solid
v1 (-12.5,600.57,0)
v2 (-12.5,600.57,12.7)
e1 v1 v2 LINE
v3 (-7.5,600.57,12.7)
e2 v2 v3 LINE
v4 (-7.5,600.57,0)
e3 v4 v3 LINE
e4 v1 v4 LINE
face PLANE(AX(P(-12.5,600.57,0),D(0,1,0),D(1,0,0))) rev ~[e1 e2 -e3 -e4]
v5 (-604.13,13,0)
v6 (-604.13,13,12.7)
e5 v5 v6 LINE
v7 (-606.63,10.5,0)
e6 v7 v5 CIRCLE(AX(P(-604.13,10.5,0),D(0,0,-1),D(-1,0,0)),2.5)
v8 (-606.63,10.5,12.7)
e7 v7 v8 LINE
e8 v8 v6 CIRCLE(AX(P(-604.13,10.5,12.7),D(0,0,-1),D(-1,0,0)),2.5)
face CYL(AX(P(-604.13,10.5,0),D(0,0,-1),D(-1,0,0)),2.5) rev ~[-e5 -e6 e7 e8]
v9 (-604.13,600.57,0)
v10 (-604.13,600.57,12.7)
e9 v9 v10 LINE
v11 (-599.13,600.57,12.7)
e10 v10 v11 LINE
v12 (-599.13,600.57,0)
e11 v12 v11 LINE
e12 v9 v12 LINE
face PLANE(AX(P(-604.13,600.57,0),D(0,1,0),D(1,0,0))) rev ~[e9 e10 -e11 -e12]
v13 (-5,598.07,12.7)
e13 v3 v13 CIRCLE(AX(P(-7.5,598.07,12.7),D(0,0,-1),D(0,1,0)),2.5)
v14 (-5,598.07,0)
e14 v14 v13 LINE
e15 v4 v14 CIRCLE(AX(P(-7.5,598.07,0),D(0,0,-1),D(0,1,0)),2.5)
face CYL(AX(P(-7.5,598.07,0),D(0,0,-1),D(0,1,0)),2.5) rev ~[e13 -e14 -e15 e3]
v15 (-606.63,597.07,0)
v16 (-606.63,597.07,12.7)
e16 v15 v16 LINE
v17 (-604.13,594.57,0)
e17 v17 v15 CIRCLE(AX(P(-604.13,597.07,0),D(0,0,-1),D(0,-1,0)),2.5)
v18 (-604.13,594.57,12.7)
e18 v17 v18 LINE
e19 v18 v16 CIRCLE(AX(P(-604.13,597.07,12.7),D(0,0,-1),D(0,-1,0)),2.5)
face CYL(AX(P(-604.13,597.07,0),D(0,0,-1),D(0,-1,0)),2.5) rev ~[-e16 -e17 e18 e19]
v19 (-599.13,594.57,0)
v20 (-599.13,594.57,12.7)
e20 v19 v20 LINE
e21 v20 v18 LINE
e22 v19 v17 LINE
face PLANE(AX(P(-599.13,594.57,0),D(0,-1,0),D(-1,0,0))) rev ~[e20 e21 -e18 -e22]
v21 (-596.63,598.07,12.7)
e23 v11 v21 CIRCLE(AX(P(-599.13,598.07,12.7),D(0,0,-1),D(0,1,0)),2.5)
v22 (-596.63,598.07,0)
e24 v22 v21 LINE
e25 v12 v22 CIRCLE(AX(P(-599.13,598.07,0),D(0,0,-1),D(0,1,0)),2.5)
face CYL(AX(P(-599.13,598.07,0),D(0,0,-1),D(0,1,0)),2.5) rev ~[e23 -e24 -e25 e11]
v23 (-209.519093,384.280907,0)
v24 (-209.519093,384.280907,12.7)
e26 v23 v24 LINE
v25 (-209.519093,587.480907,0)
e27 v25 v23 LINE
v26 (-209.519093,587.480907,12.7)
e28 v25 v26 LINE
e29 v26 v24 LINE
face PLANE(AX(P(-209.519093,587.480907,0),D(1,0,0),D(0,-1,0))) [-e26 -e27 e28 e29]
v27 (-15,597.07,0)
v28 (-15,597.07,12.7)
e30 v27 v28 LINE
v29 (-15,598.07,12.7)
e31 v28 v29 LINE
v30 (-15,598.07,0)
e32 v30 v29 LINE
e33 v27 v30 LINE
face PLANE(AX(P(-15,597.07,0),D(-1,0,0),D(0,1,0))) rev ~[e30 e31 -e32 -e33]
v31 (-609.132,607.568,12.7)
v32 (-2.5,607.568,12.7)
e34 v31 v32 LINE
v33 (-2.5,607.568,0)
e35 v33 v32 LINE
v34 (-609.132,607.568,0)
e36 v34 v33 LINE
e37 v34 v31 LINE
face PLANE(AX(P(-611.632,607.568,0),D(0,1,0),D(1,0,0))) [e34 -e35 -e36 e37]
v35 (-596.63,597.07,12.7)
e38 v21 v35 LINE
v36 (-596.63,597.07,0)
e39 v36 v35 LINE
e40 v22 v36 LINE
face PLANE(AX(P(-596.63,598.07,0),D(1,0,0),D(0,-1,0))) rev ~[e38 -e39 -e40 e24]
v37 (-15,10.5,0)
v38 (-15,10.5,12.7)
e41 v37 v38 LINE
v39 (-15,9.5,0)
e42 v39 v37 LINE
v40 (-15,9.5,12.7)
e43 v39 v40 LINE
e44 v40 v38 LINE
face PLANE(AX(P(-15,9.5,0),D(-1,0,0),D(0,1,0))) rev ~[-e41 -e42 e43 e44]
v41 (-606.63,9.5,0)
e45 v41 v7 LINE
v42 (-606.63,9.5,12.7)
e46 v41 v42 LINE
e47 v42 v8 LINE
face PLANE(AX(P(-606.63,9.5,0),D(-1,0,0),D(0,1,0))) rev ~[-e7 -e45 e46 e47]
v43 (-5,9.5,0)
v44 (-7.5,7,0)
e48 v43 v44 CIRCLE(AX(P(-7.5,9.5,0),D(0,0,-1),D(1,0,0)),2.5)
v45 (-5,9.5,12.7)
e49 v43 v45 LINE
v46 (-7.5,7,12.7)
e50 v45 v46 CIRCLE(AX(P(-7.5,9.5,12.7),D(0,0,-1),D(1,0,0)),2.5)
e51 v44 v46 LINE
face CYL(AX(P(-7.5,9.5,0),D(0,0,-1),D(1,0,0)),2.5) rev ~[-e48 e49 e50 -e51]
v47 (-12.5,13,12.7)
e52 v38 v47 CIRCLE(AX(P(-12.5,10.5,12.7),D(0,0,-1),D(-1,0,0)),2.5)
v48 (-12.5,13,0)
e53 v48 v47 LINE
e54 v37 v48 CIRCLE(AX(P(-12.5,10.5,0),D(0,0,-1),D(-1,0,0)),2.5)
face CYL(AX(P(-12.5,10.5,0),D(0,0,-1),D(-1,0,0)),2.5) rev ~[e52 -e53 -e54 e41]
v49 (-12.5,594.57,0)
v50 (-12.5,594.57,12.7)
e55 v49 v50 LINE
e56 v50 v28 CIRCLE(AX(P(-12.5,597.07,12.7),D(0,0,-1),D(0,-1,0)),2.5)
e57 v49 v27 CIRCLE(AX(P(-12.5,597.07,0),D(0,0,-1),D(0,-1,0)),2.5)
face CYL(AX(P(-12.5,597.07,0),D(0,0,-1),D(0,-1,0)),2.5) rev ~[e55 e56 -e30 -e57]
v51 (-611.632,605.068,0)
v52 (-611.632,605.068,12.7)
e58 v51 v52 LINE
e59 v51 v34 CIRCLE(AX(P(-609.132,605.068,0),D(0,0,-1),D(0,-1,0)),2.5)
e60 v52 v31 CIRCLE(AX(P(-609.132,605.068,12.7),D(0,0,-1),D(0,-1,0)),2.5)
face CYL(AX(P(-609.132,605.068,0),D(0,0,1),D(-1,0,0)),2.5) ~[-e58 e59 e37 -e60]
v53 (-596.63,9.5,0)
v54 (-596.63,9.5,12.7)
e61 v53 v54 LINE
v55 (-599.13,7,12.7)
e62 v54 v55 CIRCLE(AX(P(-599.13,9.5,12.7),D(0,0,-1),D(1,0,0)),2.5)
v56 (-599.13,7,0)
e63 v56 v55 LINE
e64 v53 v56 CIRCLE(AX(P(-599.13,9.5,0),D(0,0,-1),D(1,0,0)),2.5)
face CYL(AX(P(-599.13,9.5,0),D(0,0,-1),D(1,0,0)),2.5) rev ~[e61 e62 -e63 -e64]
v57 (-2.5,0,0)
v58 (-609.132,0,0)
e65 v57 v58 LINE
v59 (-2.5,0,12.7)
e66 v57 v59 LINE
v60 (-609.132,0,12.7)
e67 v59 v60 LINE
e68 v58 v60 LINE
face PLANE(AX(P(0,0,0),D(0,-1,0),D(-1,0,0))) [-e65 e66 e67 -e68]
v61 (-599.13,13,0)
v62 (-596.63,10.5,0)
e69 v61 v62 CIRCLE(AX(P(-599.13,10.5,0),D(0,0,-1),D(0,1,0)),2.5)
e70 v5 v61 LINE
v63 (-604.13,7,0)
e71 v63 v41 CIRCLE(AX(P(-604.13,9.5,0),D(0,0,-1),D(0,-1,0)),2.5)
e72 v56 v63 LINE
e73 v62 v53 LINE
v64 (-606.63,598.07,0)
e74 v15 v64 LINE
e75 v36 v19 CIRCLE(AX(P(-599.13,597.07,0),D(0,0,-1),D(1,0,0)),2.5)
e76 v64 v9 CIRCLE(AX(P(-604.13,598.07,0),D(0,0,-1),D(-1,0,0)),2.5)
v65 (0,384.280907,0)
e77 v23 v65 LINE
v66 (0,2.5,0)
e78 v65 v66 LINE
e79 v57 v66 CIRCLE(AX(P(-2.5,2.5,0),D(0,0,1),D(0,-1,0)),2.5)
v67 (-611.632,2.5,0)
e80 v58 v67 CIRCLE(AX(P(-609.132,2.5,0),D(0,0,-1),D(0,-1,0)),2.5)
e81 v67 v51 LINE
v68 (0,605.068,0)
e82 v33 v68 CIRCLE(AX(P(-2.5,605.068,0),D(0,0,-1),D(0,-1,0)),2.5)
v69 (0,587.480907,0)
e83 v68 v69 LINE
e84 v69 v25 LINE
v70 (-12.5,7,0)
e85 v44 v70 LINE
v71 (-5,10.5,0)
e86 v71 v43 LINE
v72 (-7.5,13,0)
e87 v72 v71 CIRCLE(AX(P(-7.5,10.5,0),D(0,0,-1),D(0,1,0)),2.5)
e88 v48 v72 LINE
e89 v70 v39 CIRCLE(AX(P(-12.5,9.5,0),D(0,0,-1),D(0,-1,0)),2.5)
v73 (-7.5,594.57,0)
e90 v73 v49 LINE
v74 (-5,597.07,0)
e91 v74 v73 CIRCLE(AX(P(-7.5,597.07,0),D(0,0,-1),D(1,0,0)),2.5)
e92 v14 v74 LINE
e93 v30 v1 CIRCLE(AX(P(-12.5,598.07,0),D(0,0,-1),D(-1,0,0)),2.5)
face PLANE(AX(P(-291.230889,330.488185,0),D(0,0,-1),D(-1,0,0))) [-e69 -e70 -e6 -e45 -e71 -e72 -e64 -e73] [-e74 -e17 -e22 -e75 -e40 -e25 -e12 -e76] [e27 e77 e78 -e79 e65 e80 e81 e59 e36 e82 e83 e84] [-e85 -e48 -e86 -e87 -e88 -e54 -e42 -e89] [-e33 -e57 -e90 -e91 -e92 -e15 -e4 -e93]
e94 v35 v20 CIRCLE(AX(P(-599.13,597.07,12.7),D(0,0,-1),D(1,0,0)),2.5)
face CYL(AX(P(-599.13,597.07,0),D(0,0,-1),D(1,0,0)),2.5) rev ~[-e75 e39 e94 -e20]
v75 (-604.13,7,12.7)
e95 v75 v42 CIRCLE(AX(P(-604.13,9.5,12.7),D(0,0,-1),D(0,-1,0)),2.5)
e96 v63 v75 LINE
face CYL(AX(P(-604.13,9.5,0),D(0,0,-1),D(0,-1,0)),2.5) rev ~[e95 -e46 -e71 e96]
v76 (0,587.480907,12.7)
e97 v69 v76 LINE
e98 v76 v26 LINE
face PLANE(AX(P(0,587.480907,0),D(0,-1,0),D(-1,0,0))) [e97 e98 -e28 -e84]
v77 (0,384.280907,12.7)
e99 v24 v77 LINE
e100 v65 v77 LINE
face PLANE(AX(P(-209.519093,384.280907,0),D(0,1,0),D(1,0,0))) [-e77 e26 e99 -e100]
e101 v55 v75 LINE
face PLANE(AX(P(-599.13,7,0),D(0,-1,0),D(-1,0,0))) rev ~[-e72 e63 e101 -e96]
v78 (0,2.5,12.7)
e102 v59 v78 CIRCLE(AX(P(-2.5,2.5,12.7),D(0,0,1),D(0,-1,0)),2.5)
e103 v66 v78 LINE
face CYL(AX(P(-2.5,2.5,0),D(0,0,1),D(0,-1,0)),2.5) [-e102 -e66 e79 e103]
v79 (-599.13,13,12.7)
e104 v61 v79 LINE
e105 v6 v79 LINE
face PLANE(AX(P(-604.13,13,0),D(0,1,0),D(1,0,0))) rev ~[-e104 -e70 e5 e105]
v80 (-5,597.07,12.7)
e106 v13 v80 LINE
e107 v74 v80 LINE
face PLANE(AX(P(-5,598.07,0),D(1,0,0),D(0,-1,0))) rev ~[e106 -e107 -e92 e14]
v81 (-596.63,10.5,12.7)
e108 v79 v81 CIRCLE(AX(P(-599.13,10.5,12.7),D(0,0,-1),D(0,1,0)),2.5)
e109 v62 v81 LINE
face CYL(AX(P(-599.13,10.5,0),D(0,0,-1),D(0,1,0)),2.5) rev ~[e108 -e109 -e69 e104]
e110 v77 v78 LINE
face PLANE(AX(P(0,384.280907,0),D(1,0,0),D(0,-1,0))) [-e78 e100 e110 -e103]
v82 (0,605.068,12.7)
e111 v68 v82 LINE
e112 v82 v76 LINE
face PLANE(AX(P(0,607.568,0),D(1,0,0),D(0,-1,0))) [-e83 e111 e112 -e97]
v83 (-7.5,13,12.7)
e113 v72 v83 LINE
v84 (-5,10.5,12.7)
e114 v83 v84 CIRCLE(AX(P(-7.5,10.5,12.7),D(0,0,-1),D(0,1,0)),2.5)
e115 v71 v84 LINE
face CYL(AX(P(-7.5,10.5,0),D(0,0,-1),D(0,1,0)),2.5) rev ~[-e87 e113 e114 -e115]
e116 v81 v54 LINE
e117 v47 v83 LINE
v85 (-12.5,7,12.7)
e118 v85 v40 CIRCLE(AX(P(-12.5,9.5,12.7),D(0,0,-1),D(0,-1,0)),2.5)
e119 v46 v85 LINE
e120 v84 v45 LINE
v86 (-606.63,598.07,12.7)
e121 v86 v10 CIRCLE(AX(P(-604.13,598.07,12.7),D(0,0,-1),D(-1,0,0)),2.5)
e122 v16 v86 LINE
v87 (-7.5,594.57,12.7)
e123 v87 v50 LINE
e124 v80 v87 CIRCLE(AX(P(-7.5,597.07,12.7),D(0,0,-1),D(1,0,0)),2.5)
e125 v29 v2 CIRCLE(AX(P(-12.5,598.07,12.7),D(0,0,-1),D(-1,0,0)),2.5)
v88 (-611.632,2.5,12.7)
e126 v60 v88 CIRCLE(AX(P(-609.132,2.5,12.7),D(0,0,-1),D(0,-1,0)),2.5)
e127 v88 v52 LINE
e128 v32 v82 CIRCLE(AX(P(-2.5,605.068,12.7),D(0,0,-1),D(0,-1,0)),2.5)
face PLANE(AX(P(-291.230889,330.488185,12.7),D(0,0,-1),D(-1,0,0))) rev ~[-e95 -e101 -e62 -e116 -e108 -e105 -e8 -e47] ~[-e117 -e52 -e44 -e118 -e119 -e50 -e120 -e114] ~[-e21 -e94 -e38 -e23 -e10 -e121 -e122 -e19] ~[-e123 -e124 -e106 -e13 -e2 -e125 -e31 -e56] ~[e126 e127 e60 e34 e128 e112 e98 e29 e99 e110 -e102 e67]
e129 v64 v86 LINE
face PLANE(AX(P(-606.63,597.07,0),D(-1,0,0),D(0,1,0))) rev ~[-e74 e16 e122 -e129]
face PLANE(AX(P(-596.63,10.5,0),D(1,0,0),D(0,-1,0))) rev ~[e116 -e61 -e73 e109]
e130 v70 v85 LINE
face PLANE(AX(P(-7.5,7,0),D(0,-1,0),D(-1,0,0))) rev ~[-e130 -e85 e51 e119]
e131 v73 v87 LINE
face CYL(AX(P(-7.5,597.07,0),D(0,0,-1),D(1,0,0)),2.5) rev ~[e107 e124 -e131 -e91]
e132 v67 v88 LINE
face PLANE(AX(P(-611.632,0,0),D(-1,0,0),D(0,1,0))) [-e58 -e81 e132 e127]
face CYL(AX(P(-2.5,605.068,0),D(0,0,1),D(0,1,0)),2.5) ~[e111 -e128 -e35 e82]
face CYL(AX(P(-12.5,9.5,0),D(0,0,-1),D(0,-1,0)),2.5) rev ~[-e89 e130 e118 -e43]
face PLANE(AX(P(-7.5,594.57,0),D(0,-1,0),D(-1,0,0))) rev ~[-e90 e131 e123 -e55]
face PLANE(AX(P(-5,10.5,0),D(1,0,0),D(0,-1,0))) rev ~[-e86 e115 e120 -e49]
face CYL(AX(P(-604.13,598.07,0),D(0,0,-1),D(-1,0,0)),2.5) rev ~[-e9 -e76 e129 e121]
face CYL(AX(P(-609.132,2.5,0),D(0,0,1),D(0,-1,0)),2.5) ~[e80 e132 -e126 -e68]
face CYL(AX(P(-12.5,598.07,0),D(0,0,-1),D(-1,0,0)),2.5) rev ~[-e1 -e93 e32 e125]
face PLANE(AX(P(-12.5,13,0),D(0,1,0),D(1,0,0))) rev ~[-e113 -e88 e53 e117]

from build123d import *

# Parameters (mm, degrees)
BOSS_EXTRUDE2_DEPTH = 12.7
FILLET2_R           = 2.5


with BuildPart() as part:
    # Sketch1 → Boss-Extrude2 (new body)
    with BuildSketch(Plane.XY):
        Polygon((0, 0), (-611.632, 0), (-611.632, 607.568), (0, 607.568), (0, 587.480907233), (-209.519092864, 587.480907233), (-209.519092864, 384.280907233), (0, 384.280907233), align=None)
        with BuildLine():
            Line((-5, 10.5), (-5, 9.5))
            ThreePointArc((-5, 9.5), (-5.732233047, 7.732233047), (-7.5, 7))
            Line((-7.5, 7), (-12.5, 7))
            ThreePointArc((-12.5, 7), (-14.267766953, 7.732233047), (-15, 9.5))
            Line((-15, 9.5), (-15, 10.5))
            ThreePointArc((-15, 10.5), (-14.267766953, 12.267766953), (-12.5, 13))
            Line((-12.5, 13), (-7.5, 13))
            ThreePointArc((-7.5, 13), (-5.732233047, 12.267766953), (-5, 10.5))
        make_face(mode=Mode.SUBTRACT)
        with BuildLine():
            Line((-596.63, 10.5), (-596.63, 9.5))
            ThreePointArc((-596.63, 9.5), (-597.362233047, 7.732233047), (-599.13, 7))
            Line((-599.13, 7), (-604.13, 7))
            ThreePointArc((-604.13, 7), (-605.897766953, 7.732233047), (-606.63, 9.5))
            Line((-606.63, 9.5), (-606.63, 10.5))
            ThreePointArc((-606.63, 10.5), (-605.897766953, 12.267766953), (-604.13, 13))
            Line((-604.13, 13), (-599.13, 13))
            ThreePointArc((-599.13, 13), (-597.362233047, 12.267766953), (-596.63, 10.5))
        make_face(mode=Mode.SUBTRACT)
        with BuildLine():
            Line((-596.63, 598.07), (-596.63, 597.07))
            ThreePointArc((-596.63, 597.07), (-597.362233047, 595.302233047), (-599.13, 594.57))
            Line((-599.13, 594.57), (-604.13, 594.57))
            ThreePointArc((-604.13, 594.57), (-605.897766953, 595.302233047), (-606.63, 597.07))
            Line((-606.63, 597.07), (-606.63, 598.07))
            ThreePointArc((-606.63, 598.07), (-605.897766953, 599.837766953), (-604.13, 600.57))
            Line((-604.13, 600.57), (-599.13, 600.57))
            ThreePointArc((-599.13, 600.57), (-597.362233047, 599.837766953), (-596.63, 598.07))
        make_face(mode=Mode.SUBTRACT)
        with BuildLine():
            Line((-5, 598.07), (-5, 597.07))
            ThreePointArc((-5, 597.07), (-5.732233047, 595.302233047), (-7.5, 594.57))
            Line((-7.5, 594.57), (-12.5, 594.57))
            ThreePointArc((-12.5, 594.57), (-14.267766953, 595.302233047), (-15, 597.07))
            Line((-15, 597.07), (-15, 598.07))
            ThreePointArc((-15, 598.07), (-14.267766953, 599.837766953), (-12.5, 600.57))
            Line((-12.5, 600.57), (-7.5, 600.57))
            ThreePointArc((-7.5, 600.57), (-5.732233047, 599.837766953), (-5, 598.07))
        make_face(mode=Mode.SUBTRACT)
    extrude(amount=BOSS_EXTRUDE2_DEPTH)

    # Fillet2
    fillet2_edges = [part.edges().sort_by_distance(p)[0] for p in [
        (0, 0, 6.35),
        (-611.632, 0, 6.35),
        (-611.632, 607.568, 6.35),
        (0, 607.568, 6.35),
    ]]
    fillet(fillet2_edges, radius=FILLET2_R)


solid = part.part
